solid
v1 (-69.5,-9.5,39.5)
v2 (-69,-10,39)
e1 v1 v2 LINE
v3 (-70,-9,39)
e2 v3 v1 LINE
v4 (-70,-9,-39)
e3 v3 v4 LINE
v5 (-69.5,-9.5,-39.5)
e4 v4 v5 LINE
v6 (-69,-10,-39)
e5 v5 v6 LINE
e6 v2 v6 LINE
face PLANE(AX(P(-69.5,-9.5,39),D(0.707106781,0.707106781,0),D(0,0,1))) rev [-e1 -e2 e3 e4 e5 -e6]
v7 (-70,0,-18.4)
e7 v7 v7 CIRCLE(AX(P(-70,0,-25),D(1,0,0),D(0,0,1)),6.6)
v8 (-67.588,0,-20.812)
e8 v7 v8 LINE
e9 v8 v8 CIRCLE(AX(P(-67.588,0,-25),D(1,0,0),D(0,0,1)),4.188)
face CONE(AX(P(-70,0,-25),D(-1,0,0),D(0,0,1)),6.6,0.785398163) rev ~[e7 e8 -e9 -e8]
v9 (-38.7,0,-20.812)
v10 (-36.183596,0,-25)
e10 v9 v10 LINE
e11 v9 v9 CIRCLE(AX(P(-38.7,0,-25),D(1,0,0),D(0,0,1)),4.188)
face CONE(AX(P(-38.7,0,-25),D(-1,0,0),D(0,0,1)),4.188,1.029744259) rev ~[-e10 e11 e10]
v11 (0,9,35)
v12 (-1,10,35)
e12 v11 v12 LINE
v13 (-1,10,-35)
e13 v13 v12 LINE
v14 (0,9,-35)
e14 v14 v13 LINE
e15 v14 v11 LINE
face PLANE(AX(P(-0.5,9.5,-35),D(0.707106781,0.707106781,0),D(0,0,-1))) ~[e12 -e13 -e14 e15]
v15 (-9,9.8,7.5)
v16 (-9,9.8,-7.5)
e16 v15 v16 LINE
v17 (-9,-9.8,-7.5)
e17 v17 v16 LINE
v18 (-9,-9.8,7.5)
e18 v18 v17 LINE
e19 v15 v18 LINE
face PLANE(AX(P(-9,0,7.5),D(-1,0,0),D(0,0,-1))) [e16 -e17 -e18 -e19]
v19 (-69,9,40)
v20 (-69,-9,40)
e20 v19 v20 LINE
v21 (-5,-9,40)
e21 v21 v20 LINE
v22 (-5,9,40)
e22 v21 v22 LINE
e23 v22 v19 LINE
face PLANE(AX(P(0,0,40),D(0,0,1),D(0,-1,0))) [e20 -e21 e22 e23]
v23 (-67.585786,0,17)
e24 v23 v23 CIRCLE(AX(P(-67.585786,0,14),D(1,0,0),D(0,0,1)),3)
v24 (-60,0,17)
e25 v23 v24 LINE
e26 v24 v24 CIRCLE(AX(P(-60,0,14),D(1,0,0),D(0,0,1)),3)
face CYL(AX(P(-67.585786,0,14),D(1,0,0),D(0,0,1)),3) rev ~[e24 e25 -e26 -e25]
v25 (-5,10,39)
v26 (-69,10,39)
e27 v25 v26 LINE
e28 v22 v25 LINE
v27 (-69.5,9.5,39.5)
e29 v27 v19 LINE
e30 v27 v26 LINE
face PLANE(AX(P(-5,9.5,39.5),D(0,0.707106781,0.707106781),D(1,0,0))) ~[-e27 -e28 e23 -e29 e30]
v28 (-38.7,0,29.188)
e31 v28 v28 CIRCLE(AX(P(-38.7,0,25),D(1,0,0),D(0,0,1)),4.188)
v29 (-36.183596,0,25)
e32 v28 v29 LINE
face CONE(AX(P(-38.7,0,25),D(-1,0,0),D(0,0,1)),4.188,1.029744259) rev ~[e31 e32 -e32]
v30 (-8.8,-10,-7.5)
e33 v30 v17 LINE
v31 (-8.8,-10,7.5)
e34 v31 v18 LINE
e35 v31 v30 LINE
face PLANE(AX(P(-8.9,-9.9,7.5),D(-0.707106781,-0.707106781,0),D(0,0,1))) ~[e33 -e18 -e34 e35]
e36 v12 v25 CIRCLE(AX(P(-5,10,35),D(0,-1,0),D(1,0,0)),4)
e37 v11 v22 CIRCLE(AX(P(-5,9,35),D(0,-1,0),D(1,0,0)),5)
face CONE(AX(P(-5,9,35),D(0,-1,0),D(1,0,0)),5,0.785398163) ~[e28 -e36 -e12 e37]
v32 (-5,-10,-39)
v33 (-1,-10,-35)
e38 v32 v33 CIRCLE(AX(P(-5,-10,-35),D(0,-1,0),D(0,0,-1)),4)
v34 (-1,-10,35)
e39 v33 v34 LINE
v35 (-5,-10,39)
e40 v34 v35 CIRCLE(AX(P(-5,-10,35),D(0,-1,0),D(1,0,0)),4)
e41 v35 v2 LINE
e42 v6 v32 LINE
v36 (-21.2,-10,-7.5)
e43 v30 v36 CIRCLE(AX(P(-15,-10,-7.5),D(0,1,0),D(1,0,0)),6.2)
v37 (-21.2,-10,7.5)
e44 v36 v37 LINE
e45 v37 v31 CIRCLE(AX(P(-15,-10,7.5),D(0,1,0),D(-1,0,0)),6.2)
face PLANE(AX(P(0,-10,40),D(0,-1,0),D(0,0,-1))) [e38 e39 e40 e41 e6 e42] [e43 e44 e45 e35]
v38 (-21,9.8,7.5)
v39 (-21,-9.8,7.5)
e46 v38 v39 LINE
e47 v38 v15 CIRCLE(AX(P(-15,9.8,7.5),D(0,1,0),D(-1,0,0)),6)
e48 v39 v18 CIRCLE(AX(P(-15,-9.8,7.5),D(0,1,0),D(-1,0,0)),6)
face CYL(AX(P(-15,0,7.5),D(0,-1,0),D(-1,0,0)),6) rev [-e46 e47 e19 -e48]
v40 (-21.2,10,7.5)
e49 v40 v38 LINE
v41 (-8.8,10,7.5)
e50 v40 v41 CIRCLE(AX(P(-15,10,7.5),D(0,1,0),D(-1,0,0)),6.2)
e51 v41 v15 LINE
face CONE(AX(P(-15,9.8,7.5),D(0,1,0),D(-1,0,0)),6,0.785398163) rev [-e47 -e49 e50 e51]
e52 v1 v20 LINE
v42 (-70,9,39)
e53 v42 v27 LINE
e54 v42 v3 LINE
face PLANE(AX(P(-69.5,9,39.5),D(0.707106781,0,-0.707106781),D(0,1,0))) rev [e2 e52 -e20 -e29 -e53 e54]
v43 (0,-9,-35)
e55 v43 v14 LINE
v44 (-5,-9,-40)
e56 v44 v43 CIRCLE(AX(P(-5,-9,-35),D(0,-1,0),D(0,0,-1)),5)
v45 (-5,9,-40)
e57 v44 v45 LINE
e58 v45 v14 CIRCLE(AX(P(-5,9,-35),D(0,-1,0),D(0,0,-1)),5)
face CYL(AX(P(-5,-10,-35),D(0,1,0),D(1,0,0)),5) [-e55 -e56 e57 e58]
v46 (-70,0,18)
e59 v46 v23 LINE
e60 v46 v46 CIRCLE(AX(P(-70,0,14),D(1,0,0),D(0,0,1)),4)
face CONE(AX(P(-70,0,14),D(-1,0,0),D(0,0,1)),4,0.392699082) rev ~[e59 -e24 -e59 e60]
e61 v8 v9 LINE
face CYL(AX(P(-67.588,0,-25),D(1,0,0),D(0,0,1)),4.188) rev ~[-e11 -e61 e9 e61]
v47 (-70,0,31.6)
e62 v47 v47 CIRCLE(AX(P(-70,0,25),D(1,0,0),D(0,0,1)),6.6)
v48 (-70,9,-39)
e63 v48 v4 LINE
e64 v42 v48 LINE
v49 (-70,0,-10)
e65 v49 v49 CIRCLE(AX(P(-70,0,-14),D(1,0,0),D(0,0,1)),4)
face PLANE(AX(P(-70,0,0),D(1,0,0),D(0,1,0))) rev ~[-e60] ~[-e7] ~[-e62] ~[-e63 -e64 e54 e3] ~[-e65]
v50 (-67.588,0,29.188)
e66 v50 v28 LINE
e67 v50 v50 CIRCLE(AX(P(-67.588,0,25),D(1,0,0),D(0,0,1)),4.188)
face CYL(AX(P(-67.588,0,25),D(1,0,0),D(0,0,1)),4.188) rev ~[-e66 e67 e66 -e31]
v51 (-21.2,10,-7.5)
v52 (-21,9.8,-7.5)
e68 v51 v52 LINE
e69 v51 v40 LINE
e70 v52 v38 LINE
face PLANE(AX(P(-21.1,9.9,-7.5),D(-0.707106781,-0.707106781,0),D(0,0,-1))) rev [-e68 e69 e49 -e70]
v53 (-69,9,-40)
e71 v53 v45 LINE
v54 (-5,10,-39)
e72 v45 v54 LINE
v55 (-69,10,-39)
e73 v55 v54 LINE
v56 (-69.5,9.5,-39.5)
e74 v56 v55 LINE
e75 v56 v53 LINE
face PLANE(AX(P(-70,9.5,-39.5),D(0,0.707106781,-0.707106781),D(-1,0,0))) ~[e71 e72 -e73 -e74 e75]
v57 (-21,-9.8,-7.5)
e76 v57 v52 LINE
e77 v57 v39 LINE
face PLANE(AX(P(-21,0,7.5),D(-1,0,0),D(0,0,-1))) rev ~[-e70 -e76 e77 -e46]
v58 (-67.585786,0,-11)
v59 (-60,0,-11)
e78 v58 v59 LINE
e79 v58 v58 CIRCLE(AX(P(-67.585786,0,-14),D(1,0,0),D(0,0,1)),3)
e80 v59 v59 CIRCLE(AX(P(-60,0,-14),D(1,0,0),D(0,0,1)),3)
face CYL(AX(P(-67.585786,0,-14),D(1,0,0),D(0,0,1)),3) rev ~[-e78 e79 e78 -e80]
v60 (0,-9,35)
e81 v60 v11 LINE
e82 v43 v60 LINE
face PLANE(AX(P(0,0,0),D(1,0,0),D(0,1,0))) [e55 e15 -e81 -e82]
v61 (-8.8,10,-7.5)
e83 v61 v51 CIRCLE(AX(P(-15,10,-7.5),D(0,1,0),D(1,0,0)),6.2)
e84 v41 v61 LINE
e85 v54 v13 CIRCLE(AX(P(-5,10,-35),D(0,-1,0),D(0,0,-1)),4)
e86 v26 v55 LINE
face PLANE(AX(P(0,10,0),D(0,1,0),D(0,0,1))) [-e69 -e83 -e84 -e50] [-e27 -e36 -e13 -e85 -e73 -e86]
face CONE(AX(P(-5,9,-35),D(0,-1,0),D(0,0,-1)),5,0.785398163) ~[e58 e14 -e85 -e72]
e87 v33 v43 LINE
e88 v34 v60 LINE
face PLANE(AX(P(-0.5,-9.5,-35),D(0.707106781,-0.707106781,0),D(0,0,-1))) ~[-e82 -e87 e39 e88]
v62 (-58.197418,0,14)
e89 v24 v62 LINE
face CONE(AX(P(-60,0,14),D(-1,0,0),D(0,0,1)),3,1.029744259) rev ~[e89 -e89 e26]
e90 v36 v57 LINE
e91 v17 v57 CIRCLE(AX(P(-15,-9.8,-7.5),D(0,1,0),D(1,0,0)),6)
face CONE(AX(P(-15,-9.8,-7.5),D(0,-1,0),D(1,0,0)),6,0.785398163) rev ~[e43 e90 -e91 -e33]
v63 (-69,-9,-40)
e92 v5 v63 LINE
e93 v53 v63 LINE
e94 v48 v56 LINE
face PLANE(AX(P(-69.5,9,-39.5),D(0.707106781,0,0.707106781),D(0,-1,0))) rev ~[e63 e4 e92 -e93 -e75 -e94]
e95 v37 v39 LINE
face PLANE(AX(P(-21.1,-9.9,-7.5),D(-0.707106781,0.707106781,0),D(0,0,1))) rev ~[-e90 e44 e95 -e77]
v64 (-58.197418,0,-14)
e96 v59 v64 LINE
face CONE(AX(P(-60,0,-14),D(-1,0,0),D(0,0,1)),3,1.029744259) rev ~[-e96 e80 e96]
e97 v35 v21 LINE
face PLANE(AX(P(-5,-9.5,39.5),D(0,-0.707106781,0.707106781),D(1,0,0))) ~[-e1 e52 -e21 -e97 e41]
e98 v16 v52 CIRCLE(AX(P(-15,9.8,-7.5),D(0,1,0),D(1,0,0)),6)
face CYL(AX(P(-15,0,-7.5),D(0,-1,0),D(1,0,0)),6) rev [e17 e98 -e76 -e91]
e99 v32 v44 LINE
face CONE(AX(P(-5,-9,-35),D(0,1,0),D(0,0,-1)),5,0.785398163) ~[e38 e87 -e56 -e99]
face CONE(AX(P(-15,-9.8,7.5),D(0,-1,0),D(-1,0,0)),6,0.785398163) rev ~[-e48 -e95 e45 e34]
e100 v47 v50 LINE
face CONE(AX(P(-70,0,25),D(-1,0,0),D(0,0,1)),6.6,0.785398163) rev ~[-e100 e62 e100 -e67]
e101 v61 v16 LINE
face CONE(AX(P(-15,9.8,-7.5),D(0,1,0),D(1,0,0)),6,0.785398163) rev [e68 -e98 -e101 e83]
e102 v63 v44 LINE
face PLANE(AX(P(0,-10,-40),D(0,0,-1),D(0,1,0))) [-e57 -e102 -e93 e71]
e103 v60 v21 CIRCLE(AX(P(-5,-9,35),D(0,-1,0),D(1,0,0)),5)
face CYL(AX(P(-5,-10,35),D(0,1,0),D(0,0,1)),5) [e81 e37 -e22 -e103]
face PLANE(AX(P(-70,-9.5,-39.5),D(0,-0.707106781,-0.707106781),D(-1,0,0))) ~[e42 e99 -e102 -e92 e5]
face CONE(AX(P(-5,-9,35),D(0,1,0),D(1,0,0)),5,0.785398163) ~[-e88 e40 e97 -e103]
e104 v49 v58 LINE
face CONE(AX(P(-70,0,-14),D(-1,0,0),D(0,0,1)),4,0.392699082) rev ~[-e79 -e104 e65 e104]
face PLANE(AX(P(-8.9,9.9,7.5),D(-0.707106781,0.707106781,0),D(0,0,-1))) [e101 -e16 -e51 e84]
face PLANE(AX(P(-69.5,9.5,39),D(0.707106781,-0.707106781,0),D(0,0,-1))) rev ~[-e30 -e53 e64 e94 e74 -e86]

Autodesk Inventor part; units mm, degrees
ref_plane "YZ Plane" through (0, 0, 0) normal (1, 0, 0) x (0, 1, 0)
ref_plane "XZ Plane" through (0, 0, 0) normal (0, 1, 0) x (-1, 0, 0)
ref_plane "XY Plane" through (0, 0, 0) normal (0, 0, 1) x (1, 0, 0)
sketch "Эскиз1" plane through (0, 0, 0) normal (1, 0, 0) x (0, 1, 0)
  line L0 (-14, 0) -> (14, 0) projected
  line L1 (0, -56) -> (0, 56) projected
  line L2 (10, 40) -> (-10, 40)
  line L3 (-10, 40) -> (-10, -40)
  line L4 (-10, -40) -> (10, -40)
  line L5 (10, -40) -> (10, 40)
  point P0 (0, 0)
  dimension "d0" = 20
  dimension "d1" = 10
  dimension "d2" = 80
  dimension "d3" = 40
extrude "Выдавливание1" add sketch "Эскиз1" against normal blind 70
fillet "Сопряжение1" radius 5 2 edges at (0, 0, 40) (0, 0, -40)
chamfer "Фаска1" distance 1 angle 45 10 edges at (-37.5, 10, 40) (-1.4645, 10, 38.5355) (0, 10, 0) (-1.4645, 10, -38.5355) (-37.5, 10, -40) (-37.5, -10, 40) (-1.4645, -10, 38.5355) (0, -10, 0) (-1.4645, -10, -38.5355) (-37.5, -10, -40)
chamfer "Фаска2" distance 1 angle 45 4 edges at (-70, 10, 0) (-70, 0, 40) (-70, -10, 0) (-70, 0, -40)
sketch "Эскиз3" plane through (-70, 0, 0) normal (-1, 0, 0) x (0, 0, 1)
  line L0 (-56, 0) -> (56, 0) projected
  line L1 (0, 14) -> (0, -14) projected
  circle A0 centre (14, 0) radius 3
  circle A1 centre (-14, 0) radius 3
  dimension "d42" = 6
  dimension "d43" = 6
  dimension "d44" = 28
  dimension "d45" = 14
hole "Отверстие2" at (-70, 0, 14) at (-70, 0, -14) direction (1, 0, 0) diameter 6 depth 10 tip angle 118 countersink diameter 8 countersink angle 45
sketch "Эскиз4" plane through (-70, 0, 0) normal (-1, 0, 0) x (0, 0, 1)
  line L0 (0, 14) -> (0, -14) projected
  line L1 (-56, 0) -> (56, 0) projected
  circle A0 centre (25, 0) radius 5
  circle A1 centre (-25, 0) radius 5
  point P0 (0, 0)
  dimension "d46" = 10
  dimension "d47" = 50
  dimension "d48" = 25
hole "Отверстие3" at (-70, 0, 25) at (-70, 0, -25) direction (1, 0, 0) diameter 8.376 depth 31.3 tip angle 118 countersink diameter 13.2 countersink angle 90 thread size "M10x1.5" class "6H" standard "ISO Metric profile"
sketch "Эскиз6" plane through (0, 0, 0) normal (0, 1, 0) x (-1, 0, 0)
  line L0 (-14, 0) -> (84, 0) projected
  line L1 (0, -56) -> (0, 56) projected
  line L2 (70, -39) -> (70, 39) projected
  line L3 (15, 7.5) -> (15, -7.5) construction
  arc A0 (21, 7.5) -> (9, 7.5) centre (15, 7.5) ccw
  arc A1 (9, -7.5) -> (21, -7.5) centre (15, -7.5) ccw
  line L4 (21, 7.5) -> (21, -7.5)
  line L5 (9, 7.5) -> (9, -7.5)
  point P0 (0, 0)
  dimension "d56" = 12
  dimension "d57" = 15
  dimension "d58" = 7.5
  dimension "d59" = 55
extrude "Выдавливание2" cut sketch "Эскиз6" along normal through all both and the other way through all
chamfer "Фаска4" distance 0.2 angle 45 8 edges at (-9, -10, 0) (-15, -10, -13.5) (-21, -10, 0) (-15, -10, 13.5) (-21, 10, 0) (-15, 10, -13.5) (-9, 10, 0) (-15, 10, 13.5)
properties part number "ОПОРА_02"
